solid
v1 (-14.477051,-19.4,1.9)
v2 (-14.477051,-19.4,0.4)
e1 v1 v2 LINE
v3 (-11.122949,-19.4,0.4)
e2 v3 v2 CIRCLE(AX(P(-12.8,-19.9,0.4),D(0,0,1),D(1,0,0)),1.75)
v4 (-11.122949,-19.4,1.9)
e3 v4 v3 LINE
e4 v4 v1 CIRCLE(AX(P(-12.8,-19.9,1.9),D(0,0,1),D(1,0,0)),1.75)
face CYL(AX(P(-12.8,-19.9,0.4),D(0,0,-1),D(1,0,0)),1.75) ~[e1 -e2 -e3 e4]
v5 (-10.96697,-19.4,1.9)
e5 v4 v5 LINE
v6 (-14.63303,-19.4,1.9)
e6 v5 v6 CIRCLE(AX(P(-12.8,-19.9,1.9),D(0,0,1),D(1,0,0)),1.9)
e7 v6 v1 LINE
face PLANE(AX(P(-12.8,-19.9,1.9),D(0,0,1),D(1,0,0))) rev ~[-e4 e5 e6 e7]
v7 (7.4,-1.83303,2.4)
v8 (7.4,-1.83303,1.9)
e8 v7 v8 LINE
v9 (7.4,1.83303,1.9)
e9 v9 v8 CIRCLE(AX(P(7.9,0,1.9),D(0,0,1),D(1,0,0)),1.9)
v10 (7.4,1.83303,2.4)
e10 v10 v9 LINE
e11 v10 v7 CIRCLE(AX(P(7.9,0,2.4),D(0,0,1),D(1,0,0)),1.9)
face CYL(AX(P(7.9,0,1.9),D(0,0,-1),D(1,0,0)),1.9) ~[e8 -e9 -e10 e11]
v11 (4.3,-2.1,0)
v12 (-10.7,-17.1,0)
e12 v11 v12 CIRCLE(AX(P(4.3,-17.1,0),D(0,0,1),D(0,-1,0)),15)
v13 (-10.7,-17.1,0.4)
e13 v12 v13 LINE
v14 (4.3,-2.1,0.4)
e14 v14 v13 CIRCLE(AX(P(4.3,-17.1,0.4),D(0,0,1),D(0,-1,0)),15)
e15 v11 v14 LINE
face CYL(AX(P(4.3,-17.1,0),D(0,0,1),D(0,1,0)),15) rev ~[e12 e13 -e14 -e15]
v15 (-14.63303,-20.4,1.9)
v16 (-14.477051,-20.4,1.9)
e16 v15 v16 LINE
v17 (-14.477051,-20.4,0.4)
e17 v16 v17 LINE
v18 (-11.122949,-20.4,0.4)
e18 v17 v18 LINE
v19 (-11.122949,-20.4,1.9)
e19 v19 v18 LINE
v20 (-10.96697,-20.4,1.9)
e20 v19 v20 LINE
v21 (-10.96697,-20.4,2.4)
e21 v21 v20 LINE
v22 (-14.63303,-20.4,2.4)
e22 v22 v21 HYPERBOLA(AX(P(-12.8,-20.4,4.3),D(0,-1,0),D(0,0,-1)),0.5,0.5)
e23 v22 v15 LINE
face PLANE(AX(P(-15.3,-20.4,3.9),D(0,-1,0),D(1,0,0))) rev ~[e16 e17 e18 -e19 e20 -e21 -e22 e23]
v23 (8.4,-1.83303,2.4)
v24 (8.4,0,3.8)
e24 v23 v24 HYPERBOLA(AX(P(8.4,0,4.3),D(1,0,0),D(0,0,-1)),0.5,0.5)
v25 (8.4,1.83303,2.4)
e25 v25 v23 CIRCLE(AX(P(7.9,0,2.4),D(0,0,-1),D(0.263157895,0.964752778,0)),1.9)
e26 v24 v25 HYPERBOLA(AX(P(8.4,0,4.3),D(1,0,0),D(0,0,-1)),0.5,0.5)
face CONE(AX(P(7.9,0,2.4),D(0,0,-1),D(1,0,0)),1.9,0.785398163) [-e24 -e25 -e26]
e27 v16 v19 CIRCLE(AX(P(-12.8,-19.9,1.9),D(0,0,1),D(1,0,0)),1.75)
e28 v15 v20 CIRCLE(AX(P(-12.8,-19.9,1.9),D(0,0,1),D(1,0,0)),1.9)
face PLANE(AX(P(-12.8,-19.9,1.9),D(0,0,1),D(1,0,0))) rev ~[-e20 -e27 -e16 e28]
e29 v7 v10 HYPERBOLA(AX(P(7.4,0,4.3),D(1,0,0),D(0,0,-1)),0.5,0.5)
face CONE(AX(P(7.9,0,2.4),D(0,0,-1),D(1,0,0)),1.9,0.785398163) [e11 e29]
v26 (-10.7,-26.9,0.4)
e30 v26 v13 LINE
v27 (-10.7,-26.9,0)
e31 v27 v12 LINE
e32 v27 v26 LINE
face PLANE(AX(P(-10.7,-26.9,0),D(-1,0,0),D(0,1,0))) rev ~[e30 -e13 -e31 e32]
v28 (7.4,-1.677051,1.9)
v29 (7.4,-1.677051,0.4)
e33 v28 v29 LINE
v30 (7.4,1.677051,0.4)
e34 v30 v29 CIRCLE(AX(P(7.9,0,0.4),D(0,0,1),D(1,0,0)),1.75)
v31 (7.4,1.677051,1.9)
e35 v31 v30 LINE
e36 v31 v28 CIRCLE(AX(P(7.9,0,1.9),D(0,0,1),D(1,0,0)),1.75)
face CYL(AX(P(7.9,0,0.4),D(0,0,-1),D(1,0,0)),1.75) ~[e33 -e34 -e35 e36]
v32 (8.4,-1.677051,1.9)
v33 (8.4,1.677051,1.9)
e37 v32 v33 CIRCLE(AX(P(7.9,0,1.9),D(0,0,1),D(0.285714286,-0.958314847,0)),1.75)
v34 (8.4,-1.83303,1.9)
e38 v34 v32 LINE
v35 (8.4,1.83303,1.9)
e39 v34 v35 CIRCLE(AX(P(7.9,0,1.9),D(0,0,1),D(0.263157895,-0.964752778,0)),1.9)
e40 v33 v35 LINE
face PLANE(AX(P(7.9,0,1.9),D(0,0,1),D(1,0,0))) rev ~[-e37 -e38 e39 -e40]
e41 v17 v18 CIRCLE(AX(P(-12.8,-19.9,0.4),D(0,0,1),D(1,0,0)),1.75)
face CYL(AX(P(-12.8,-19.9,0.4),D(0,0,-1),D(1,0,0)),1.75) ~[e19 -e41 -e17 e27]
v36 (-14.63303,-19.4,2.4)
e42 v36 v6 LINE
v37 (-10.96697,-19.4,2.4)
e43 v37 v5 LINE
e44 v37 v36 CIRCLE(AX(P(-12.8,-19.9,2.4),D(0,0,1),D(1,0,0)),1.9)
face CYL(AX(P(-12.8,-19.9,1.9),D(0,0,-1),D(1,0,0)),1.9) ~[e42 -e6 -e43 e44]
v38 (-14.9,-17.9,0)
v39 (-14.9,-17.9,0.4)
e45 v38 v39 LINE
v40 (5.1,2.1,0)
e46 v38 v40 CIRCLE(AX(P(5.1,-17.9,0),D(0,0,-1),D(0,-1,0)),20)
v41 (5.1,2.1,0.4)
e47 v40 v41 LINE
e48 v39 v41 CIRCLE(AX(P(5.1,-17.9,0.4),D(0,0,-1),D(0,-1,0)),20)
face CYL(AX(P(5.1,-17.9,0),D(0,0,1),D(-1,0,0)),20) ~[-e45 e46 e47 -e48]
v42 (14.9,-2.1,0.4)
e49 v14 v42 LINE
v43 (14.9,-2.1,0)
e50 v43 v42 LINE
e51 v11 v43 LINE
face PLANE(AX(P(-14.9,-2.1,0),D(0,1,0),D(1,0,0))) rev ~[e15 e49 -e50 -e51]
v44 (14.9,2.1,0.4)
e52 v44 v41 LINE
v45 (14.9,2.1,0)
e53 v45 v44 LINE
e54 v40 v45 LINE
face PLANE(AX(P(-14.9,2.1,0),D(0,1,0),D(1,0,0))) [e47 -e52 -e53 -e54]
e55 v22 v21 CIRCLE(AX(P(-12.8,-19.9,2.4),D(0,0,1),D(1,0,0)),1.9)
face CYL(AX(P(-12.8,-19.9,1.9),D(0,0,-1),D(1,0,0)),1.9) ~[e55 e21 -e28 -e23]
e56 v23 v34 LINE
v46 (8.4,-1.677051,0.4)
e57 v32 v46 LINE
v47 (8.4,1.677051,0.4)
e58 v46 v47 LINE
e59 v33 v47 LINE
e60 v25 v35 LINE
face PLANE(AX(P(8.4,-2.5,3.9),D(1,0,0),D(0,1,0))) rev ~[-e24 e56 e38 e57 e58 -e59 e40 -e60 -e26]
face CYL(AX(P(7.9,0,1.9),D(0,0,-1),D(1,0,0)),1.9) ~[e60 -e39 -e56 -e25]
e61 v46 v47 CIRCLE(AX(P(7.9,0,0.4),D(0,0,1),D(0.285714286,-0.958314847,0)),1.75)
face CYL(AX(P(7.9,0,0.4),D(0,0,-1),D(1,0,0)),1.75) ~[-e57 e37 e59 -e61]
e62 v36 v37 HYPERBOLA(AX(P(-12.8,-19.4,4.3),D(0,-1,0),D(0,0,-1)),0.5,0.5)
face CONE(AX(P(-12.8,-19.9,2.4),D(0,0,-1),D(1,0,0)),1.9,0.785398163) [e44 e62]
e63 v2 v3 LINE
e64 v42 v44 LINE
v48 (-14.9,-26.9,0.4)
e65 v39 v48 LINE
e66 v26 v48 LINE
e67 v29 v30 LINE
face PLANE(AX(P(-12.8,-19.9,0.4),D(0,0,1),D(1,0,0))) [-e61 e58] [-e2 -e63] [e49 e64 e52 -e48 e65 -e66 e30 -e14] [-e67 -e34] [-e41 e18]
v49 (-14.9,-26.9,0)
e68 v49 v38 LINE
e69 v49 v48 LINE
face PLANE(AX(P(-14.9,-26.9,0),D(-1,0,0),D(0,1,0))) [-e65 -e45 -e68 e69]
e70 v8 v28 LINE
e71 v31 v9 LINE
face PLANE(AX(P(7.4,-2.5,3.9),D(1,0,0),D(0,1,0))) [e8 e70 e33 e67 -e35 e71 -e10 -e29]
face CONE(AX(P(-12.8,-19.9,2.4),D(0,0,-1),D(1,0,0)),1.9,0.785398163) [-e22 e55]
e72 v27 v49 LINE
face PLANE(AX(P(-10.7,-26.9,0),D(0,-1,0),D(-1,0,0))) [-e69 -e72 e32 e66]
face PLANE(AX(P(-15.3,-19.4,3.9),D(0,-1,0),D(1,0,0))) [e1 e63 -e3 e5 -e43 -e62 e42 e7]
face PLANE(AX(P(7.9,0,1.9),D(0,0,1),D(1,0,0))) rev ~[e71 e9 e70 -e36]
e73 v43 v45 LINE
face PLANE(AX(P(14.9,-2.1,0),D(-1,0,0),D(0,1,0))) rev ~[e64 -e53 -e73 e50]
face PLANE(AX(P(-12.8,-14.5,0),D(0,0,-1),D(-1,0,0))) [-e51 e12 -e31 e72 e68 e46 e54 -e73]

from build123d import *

# Parameters (mm, degrees)
SKICA2_W                 = 29.8
SKICA2_H                 = 4.2
P_IDAT_VYSUNUT_M2_DEPTH  = 0.4
SKICA3_R                 = 1.75
P_IDAT_VYSUNUT_M3_DEPTH  = 1.5
SKICA5_R                 = 1.9
P_IDAT_VYSUNUT_M5_DEPTH  = 2
ZKOSEN_2_SIZE            = 1.5
SKICA7_W                 = 1
SKICA7_H                 = 5
ODEBRAT_VYSUNUT_M1_DEPTH = 3.5
SKICA8_W                 = 4.2
SKICA8_H                 = 24.8
P_IDAT_VYSUNUT_M6_DEPTH  = 0.4
SKICA9_R                 = 1.75
P_IDAT_VYSUNUT_M7_DEPTH  = 1.5
SKICA10_R                = 1.9
P_IDAT_VYSUNUT_M8_DEPTH  = 2
ZKOSEN_3_SIZE            = 1.5
SKICA12_W                = 5
SKICA12_H                = 1
ODEBRAT_VYSUNUT_M2_DEPTH = 3.5
ZAOBLIT1_R               = 15
ZAOBLIT2_R               = 20


with BuildPart() as part:
    # Skica2 → Přidat vysunutím2 (new body)
    with BuildSketch(Plane.XY):
        Rectangle(SKICA2_W, SKICA2_H)
    extrude(amount=P_IDAT_VYSUNUT_M2_DEPTH)

    # Skica3 → Přidat vysunutím3 (add)
    with BuildSketch(Plane.XY.offset(0.4)):
        with Locations((7.9, 0)):
            Circle(SKICA3_R)
    extrude(amount=P_IDAT_VYSUNUT_M3_DEPTH)

    # Skica5 → Přidat vysunutím5 (add)
    with BuildSketch(Plane.XY.offset(1.9)):
        with Locations((7.9, 0)):
            Circle(SKICA5_R)
    extrude(amount=P_IDAT_VYSUNUT_M5_DEPTH)

    # Zkosení2
    zkosen_2_edges = [part.edges().sort_by_distance(p)[0] for p in [
        (6, 0, 3.9),
    ]]
    chamfer(zkosen_2_edges, length=ZKOSEN_2_SIZE)

    # Skica7 → Odebrat vysunutím1 (cut)
    with BuildSketch(Plane.XY.offset(3.9)):
        with Locations((7.9, 0)):
            Rectangle(SKICA7_W, SKICA7_H)
    extrude(amount=-ODEBRAT_VYSUNUT_M1_DEPTH, mode=Mode.SUBTRACT)

    # Skica8 → Přidat vysunutím6 (add)
    with BuildSketch(Plane(origin=(0, 0, 0), x_dir=(-1, 0, 0), z_dir=(0, 0, -1))):
        with Locations((12.8, -14.5)):
            Rectangle(SKICA8_W, SKICA8_H)
    extrude(amount=-P_IDAT_VYSUNUT_M6_DEPTH)

    # Skica9 → Přidat vysunutím7 (add)
    with BuildSketch(Plane.XY.offset(0.4)):
        with Locations((-12.8, -19.9)):
            Circle(SKICA9_R)
    extrude(amount=P_IDAT_VYSUNUT_M7_DEPTH)

    # Skica10 → Přidat vysunutím8 (add)
    with BuildSketch(Plane.XY.offset(1.9)):
        with Locations((-12.8, -19.9)):
            Circle(SKICA10_R)
    extrude(amount=P_IDAT_VYSUNUT_M8_DEPTH)

    # Zkosení3
    zkosen_3_edges = [part.edges().sort_by_distance(p)[0] for p in [
        (-14.7, -19.9, 3.9),
    ]]
    chamfer(zkosen_3_edges, length=ZKOSEN_3_SIZE)

    # Skica12 → Odebrat vysunutím2 (cut)
    with BuildSketch(Plane.XY.offset(3.9)):
        with Locations((-12.8, -19.9)):
            Rectangle(SKICA12_W, SKICA12_H)
    extrude(amount=-ODEBRAT_VYSUNUT_M2_DEPTH, mode=Mode.SUBTRACT)

    # Zaoblit1
    zaoblit1_edges = [part.edges().sort_by_distance(p)[0] for p in [
        (-10.7, -2.1, 0.2),
    ]]
    fillet(zaoblit1_edges, radius=ZAOBLIT1_R)

    # Zaoblit2
    zaoblit2_edges = [part.edges().sort_by_distance(p)[0] for p in [
        (-14.9, 2.1, 0.2),
    ]]
    fillet(zaoblit2_edges, radius=ZAOBLIT2_R)


solid = part.part
